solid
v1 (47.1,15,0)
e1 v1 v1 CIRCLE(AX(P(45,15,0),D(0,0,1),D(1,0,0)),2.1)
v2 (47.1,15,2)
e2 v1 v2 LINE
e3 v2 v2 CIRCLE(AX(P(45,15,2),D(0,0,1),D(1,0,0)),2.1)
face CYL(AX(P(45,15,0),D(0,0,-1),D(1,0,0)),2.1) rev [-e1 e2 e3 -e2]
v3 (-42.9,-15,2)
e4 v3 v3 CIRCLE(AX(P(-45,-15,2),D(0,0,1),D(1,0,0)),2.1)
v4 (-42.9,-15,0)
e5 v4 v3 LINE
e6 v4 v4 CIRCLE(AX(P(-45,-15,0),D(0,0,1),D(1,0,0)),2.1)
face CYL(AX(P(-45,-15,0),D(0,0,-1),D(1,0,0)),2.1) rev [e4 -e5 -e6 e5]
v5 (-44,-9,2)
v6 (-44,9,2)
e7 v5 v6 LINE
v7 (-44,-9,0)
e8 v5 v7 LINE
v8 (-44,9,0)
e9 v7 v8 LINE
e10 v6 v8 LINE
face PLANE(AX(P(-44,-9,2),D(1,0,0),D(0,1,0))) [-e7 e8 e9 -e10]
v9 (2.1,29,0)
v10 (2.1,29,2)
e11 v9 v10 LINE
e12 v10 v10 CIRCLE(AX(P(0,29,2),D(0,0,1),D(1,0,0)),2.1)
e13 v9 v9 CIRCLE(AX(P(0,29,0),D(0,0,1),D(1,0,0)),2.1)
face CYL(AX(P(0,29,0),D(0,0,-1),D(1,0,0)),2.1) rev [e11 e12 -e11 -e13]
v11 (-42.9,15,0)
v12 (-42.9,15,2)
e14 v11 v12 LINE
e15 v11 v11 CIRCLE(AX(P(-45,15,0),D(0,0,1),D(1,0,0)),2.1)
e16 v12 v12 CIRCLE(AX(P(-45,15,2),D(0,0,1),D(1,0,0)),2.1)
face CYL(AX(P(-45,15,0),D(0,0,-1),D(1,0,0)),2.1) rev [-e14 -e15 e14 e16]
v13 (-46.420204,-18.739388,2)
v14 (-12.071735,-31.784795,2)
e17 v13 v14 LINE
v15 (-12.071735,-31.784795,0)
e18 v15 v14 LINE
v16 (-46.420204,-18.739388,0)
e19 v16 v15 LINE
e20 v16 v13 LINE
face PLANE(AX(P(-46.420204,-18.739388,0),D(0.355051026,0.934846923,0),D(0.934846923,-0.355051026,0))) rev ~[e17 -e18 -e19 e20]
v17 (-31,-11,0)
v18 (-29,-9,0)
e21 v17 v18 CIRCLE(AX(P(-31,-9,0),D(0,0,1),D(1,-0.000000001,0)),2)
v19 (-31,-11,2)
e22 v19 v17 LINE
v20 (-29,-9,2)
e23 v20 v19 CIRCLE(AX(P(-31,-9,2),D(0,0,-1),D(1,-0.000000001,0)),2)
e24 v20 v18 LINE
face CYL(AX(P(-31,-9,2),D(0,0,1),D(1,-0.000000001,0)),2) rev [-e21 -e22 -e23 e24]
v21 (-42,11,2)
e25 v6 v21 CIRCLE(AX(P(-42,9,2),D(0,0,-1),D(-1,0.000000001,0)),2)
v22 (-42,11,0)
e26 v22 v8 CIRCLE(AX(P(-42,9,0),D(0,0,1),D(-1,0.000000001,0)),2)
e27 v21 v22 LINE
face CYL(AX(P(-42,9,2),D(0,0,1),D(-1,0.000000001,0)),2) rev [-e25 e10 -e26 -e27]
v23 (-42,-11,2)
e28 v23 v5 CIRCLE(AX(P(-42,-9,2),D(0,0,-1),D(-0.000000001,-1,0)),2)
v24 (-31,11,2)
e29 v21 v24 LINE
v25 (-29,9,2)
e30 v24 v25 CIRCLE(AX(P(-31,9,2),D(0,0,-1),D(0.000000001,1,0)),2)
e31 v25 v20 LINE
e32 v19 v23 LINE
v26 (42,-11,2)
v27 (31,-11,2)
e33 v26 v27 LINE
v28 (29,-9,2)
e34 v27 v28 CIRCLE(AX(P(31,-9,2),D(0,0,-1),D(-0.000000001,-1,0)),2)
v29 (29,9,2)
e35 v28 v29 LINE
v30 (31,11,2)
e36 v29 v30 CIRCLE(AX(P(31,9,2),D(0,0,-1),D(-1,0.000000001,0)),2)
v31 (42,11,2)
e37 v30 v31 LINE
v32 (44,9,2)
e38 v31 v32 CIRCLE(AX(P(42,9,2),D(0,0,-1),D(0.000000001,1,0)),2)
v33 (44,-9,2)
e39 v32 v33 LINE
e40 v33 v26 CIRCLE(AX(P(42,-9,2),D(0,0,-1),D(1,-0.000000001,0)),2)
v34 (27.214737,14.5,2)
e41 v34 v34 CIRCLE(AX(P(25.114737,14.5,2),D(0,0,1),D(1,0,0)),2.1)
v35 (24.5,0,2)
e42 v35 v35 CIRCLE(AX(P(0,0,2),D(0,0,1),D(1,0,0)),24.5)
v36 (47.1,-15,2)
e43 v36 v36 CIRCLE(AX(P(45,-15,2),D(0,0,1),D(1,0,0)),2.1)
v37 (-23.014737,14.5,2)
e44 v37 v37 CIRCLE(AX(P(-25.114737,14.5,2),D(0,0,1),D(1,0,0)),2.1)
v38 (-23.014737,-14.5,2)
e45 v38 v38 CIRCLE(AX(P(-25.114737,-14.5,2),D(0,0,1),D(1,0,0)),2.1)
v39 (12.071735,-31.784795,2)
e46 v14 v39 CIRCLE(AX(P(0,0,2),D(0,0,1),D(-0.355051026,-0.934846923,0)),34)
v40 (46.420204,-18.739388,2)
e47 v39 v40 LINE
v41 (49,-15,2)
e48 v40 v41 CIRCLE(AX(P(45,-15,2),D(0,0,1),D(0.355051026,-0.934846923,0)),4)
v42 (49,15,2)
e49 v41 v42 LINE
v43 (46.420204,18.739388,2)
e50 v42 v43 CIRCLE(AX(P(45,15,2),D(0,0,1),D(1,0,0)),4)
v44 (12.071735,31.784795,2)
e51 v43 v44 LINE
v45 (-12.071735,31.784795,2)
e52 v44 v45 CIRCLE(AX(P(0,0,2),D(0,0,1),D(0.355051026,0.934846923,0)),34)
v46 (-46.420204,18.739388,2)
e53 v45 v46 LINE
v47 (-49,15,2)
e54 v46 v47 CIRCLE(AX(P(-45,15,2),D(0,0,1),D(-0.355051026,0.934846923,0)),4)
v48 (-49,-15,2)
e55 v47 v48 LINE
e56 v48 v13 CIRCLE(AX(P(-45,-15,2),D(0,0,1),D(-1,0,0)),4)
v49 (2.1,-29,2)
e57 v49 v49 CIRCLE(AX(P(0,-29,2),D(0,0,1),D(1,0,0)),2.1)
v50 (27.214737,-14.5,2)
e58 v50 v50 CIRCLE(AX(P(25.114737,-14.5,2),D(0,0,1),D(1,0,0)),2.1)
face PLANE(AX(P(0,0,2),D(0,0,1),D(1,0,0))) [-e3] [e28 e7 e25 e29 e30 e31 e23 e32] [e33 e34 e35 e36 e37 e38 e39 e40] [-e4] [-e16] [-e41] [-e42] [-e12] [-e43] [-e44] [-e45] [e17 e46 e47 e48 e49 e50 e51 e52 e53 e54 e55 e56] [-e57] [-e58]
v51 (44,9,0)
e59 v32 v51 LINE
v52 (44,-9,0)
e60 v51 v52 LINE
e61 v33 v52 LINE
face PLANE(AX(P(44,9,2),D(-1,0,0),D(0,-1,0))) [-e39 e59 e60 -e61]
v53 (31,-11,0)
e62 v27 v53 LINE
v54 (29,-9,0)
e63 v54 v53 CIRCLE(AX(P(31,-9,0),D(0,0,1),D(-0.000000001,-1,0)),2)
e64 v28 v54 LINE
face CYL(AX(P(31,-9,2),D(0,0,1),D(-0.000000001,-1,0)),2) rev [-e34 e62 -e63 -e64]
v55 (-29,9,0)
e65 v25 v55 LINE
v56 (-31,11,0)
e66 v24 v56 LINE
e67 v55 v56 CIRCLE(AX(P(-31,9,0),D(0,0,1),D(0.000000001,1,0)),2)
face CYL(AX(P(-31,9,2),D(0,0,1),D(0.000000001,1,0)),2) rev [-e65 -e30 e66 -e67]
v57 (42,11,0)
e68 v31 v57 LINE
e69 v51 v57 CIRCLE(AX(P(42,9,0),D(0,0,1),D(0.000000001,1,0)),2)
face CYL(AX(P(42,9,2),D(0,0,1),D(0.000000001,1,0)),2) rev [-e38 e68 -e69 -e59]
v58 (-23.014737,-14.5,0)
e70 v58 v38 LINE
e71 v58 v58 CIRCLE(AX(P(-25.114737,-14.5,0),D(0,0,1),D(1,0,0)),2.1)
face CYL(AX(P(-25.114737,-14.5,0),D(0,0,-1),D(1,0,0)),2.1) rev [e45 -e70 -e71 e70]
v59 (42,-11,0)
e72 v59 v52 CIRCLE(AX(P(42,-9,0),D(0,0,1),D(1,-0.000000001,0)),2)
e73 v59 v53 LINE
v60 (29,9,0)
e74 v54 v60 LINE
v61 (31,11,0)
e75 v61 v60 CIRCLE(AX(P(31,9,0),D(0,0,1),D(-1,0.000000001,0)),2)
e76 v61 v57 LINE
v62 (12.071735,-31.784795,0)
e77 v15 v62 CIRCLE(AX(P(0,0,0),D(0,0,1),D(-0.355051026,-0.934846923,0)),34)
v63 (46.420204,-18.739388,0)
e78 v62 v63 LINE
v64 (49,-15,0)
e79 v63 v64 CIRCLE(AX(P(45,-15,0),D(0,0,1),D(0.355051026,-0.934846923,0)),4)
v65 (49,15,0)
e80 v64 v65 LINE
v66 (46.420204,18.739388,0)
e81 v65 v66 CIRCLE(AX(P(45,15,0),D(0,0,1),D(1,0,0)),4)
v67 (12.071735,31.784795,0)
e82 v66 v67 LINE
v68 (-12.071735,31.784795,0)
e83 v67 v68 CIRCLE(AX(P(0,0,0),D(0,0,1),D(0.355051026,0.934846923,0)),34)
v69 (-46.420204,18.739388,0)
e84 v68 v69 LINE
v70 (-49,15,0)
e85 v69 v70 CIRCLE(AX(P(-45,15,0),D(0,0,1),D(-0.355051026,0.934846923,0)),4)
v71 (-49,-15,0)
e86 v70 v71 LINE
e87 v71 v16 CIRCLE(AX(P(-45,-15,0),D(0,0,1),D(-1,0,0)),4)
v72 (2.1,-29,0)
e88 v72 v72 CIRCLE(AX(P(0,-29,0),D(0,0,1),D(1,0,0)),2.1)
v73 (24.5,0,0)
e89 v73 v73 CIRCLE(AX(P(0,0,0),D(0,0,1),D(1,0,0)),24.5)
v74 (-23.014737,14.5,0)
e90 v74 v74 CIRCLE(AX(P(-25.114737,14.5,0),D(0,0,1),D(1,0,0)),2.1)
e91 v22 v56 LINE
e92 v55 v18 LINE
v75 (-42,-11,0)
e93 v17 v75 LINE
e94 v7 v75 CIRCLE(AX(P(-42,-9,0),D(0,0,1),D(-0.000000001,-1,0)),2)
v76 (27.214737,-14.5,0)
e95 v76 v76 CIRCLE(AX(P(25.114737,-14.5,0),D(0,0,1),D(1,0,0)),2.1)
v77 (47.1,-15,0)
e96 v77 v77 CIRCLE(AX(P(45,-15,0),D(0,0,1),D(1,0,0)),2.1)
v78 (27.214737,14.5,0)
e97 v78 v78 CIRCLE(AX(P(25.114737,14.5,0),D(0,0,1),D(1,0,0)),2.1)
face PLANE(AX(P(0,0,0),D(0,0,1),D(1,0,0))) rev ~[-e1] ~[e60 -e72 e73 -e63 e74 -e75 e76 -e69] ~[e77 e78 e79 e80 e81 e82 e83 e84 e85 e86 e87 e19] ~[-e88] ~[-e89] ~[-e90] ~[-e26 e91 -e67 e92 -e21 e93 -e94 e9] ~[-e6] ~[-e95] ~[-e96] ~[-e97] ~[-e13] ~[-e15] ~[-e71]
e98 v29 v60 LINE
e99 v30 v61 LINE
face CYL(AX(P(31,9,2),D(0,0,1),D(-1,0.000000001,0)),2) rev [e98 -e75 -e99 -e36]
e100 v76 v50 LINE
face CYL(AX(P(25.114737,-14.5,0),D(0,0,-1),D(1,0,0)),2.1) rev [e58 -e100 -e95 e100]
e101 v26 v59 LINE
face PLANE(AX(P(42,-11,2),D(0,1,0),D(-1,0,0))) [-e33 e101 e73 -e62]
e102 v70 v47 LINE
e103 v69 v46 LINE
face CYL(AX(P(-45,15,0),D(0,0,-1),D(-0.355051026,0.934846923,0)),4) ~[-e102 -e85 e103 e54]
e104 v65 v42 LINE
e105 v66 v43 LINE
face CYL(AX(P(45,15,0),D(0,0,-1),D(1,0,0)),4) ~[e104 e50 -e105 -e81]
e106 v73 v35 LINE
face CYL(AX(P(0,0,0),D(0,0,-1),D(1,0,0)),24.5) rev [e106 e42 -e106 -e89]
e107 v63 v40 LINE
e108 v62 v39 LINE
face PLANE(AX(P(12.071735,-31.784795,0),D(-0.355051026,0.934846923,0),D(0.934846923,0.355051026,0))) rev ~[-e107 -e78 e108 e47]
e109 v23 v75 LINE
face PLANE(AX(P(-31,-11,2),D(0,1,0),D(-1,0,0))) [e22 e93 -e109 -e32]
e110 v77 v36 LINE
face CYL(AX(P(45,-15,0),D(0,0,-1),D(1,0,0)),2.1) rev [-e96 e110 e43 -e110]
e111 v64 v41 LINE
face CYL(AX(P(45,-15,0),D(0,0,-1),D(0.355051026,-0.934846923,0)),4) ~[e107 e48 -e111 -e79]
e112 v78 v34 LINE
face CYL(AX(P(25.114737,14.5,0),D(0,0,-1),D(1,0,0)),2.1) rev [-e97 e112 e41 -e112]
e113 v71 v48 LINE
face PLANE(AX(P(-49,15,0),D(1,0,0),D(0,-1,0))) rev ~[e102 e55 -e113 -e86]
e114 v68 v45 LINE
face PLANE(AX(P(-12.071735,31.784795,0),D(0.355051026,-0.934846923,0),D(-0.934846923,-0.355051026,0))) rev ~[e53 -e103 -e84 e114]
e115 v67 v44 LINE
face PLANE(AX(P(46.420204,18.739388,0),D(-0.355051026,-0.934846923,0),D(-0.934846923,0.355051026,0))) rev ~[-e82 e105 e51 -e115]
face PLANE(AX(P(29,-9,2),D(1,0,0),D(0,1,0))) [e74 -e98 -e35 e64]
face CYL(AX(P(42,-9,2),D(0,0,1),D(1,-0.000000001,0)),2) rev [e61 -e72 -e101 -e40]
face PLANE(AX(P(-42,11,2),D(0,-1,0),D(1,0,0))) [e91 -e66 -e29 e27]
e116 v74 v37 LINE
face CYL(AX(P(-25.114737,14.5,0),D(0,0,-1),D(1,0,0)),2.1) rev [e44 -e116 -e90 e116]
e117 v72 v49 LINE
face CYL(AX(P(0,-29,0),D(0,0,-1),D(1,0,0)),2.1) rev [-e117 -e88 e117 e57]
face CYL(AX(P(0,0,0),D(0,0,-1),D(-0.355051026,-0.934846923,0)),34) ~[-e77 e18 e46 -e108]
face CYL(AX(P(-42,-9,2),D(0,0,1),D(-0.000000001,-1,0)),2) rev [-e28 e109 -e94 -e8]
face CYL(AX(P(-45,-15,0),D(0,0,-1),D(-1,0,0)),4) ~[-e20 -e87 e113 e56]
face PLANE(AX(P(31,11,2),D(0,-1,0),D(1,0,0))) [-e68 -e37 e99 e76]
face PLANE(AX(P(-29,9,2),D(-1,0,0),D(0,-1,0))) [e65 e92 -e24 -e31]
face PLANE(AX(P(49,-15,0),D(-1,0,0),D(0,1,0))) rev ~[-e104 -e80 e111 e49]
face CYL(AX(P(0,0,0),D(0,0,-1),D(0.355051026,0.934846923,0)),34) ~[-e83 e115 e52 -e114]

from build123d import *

# Parameters (mm, degrees)
SKETCH_1_R          = 24.5
SKETCH_1_R_2        = 2.1
EXTRUDE_1_DEPTH     = 2
CUT_EXTRUDE_1_DEPTH = 10


with BuildPart() as part:
    # 草图1 → 凸台-拉伸1 (new body)
    with BuildSketch(Plane.XY):
        with BuildLine():
            Line((-49, 15), (-49, -15))
            ThreePointArc((-49, -15), (-48.292477518, -17.271473485), (-46.420204103, -18.739387691))
            Line((-46.420204103, -18.739387691), (-12.071734875, -31.784795376))
            ThreePointArc((-12.071734875, -31.784795376), (0, -34), (12.071734875, -31.784795376))
            Line((12.071734875, -31.784795376), (46.420204103, -18.739387691))
            ThreePointArc((46.420204103, -18.739387691), (48.292477518, -17.271473485), (49, -15))
            Line((49, -15), (49, 15))
            ThreePointArc((49, 15), (48.292477518, 17.271473485), (46.420204103, 18.739387691))
            Line((46.420204103, 18.739387691), (12.071734875, 31.784795376))
            ThreePointArc((12.071734875, 31.784795376), (0, 34), (-12.071734875, 31.784795376))
            Line((-12.071734875, 31.784795376), (-46.420204103, 18.739387691))
            ThreePointArc((-46.420204103, 18.739387691), (-48.292477518, 17.271473485), (-49, 15))
        make_face()
        Circle(SKETCH_1_R, mode=Mode.SUBTRACT)
        with Locations((0, 29)):
            Circle(SKETCH_1_R_2, mode=Mode.SUBTRACT)
        with Locations((25.11473671, 14.5)):
            Circle(SKETCH_1_R_2, mode=Mode.SUBTRACT)
        with Locations((25.11473671, -14.5)):
            Circle(SKETCH_1_R_2, mode=Mode.SUBTRACT)
        with Locations((0, -29)):
            Circle(SKETCH_1_R_2, mode=Mode.SUBTRACT)
        with Locations((-25.11473671, -14.5)):
            Circle(SKETCH_1_R_2, mode=Mode.SUBTRACT)
        with Locations((-25.11473671, 14.5)):
            Circle(SKETCH_1_R_2, mode=Mode.SUBTRACT)
        with Locations((-45, 15)):
            Circle(SKETCH_1_R_2, mode=Mode.SUBTRACT)
        with Locations((-45, -15)):
            Circle(SKETCH_1_R_2, mode=Mode.SUBTRACT)
        with Locations((45, -15)):
            Circle(SKETCH_1_R_2, mode=Mode.SUBTRACT)
        with Locations((45, 15)):
            Circle(SKETCH_1_R_2, mode=Mode.SUBTRACT)
    extrude(amount=EXTRUDE_1_DEPTH)

    # 草图2 → 切除-拉伸1 (cut)
    with BuildSketch(Plane.XY.offset(2)):
        with BuildLine():
            Line((-42, 11), (-31, 11))
            ThreePointArc((-31, 11), (-29.585786438, 10.414213562), (-29, 9))
            Line((-29, 9), (-29, -9))
            ThreePointArc((-29, -9), (-29.585786438, -10.414213562), (-31, -11))
            Line((-31, -11), (-42, -11))
            ThreePointArc((-42, -11), (-43.414213562, -10.414213562), (-44, -9))
            Line((-44, -9), (-44, 9))
            ThreePointArc((-44, 9), (-43.414213562, 10.414213562), (-42, 11))
        make_face()
        with BuildLine():
            Line((31, 11), (42, 11))
            ThreePointArc((42, 11), (43.414213562, 10.414213562), (44, 9))
            Line((44, 9), (44, -9))
            ThreePointArc((44, -9), (43.414213562, -10.414213562), (42, -11))
            Line((42, -11), (31, -11))
            ThreePointArc((31, -11), (29.585786438, -10.414213562), (29, -9))
            Line((29, -9), (29, 9))
            ThreePointArc((29, 9), (29.585786438, 10.414213562), (31, 11))
        make_face()
    extrude(amount=-CUT_EXTRUDE_1_DEPTH, mode=Mode.SUBTRACT)


solid = part.part
